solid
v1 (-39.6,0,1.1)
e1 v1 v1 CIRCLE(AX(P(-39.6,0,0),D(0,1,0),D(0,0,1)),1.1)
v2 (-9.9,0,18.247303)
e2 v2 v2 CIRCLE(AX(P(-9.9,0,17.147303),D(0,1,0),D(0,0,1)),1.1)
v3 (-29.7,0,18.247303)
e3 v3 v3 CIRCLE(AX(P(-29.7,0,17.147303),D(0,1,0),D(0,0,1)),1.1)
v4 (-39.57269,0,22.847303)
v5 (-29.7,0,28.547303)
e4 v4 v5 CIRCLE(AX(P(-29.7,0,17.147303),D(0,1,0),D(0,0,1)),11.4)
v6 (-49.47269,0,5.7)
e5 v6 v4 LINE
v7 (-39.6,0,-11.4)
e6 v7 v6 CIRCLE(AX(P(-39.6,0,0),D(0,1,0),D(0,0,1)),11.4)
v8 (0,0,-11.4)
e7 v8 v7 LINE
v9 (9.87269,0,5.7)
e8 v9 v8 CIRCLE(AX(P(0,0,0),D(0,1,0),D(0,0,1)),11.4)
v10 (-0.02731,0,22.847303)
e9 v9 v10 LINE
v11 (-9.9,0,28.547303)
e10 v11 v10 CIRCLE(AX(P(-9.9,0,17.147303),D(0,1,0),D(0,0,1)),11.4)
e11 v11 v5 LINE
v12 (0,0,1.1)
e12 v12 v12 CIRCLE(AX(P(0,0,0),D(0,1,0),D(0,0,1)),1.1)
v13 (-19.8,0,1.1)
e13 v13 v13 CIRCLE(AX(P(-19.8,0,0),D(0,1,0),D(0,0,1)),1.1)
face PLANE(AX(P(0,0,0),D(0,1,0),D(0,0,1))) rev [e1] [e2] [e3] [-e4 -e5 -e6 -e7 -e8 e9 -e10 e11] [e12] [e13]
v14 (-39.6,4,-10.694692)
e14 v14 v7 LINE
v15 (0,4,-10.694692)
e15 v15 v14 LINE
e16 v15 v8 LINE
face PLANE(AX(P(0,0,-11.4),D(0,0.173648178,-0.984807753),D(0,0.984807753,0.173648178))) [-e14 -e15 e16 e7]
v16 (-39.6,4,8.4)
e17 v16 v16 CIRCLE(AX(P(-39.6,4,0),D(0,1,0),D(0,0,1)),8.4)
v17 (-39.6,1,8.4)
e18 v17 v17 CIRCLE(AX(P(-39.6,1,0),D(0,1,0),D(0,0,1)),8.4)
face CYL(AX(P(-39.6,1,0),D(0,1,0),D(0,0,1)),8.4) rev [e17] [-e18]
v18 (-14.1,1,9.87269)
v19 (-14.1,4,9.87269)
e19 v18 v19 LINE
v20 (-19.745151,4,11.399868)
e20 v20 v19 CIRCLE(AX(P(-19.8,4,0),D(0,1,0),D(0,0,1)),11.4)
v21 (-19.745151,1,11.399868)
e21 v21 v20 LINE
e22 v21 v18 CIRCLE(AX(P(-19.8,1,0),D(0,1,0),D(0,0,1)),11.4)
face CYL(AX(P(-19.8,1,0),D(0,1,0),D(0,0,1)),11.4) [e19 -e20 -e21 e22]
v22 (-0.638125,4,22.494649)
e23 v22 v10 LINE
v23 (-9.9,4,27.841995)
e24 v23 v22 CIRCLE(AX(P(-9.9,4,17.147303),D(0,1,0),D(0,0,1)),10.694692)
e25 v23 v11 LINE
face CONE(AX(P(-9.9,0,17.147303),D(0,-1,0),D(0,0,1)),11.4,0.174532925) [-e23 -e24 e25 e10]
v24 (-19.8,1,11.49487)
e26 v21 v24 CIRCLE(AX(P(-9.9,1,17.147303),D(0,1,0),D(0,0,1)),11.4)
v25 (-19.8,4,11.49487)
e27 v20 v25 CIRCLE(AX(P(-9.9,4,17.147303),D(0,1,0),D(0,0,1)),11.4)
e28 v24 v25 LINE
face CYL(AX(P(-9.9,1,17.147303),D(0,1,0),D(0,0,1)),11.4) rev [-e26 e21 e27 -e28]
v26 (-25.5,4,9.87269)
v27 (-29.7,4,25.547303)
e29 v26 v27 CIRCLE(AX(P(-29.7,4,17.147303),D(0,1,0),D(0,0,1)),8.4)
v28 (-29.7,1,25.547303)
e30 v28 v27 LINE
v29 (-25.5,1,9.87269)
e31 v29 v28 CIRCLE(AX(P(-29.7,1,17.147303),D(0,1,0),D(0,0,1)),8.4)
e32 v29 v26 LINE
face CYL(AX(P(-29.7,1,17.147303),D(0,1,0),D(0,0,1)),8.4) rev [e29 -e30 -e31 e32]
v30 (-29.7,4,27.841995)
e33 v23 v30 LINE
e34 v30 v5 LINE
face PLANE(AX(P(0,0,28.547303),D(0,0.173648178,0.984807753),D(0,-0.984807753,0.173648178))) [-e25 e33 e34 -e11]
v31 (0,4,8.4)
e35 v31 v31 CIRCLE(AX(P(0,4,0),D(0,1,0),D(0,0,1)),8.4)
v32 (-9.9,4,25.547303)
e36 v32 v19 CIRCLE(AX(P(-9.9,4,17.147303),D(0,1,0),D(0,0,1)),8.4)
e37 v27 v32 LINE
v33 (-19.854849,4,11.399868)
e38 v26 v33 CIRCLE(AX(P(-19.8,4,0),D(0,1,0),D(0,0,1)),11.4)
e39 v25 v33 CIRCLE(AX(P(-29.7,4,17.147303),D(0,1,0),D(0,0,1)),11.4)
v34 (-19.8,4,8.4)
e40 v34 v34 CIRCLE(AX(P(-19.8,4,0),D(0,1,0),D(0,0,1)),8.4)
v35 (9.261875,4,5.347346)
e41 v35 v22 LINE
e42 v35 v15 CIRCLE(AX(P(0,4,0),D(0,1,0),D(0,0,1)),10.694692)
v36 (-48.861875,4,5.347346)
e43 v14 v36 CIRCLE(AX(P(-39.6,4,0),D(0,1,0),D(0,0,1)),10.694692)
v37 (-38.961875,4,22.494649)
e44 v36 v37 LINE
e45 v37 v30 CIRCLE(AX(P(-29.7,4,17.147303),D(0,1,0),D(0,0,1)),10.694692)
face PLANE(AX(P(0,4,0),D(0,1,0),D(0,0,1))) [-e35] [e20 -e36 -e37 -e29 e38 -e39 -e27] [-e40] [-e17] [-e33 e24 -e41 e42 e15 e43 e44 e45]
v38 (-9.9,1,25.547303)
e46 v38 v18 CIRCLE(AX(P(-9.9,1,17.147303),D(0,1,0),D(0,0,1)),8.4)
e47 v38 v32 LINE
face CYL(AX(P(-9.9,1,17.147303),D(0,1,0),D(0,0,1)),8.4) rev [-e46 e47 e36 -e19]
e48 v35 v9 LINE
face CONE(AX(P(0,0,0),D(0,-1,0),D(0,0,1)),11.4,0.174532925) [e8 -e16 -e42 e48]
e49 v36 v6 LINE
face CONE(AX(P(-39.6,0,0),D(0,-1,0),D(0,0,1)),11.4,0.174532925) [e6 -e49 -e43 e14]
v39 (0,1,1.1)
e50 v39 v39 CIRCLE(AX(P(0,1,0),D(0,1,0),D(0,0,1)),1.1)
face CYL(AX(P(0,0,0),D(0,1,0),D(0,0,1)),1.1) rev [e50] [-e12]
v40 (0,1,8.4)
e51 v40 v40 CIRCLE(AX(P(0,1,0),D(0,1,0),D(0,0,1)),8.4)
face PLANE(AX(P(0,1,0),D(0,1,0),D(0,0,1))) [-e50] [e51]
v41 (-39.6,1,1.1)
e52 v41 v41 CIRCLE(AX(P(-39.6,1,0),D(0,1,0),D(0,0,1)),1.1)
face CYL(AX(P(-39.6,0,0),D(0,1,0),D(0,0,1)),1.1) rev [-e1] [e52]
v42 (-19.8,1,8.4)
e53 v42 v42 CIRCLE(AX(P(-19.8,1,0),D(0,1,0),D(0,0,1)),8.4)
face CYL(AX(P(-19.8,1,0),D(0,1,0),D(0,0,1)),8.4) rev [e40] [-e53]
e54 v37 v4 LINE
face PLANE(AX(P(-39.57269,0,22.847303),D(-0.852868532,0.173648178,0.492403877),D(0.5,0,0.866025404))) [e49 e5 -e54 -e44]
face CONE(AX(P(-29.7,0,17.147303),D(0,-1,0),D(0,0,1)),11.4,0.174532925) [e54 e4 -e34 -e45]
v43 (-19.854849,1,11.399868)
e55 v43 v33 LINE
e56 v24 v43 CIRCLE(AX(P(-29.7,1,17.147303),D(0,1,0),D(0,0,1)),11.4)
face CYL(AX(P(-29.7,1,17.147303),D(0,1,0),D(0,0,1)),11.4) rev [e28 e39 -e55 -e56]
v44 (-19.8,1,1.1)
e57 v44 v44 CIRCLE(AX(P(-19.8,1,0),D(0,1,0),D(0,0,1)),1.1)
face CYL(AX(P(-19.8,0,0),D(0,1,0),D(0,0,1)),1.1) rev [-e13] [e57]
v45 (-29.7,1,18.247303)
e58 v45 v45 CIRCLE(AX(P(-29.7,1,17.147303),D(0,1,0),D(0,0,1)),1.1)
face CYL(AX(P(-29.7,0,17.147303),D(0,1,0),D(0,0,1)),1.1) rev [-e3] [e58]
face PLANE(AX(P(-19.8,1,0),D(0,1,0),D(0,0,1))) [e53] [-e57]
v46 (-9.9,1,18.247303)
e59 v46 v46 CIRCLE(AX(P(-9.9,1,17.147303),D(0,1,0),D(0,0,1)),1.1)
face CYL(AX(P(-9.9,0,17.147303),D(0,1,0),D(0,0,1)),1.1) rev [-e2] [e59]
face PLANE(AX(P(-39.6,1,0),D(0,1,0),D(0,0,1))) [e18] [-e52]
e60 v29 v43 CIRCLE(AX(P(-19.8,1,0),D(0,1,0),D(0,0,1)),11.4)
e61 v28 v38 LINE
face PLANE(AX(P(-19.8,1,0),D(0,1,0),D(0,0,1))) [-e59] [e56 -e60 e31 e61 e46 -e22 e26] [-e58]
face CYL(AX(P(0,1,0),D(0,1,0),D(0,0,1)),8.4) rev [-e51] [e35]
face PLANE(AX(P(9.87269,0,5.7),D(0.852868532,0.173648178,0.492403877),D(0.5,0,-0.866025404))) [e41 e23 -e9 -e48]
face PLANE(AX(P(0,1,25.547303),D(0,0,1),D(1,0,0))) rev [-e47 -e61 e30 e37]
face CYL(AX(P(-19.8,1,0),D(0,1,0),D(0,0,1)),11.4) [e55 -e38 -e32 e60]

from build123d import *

# Parameters (mm, degrees)
BOSS_EXTRUDE1_DEPTH = 4
BOSS_EXTRUDE1_TAPER = 10
CUT_EXTRUDE1_START  = 4
SKETCH1_3_R         = 1.1
CUT_EXTRUDE1_DEPTH  = 4
CUT_EXTRUDE2_START  = 4
SKETCH1_4_R         = 8.4
SKETCH1_4_R_2       = 1.1
CUT_EXTRUDE2_DEPTH  = 3


with BuildPart() as part:
    # Sketch1 → Boss-Extrude1 (new body)
    with BuildSketch(Plane(origin=(0, 0, 0), x_dir=(1, 0, 0), z_dir=(0, 1, 0))):
        with BuildLine():
            Line((-49.472689603, -5.7), (-39.572689603, -22.847302995))
            ThreePointArc((-39.572689603, -22.847302995), (-35.4, -27.019992598), (-29.7, -28.547302995))
            Line((-29.7, -28.547302995), (-9.9, -28.547302995))
            ThreePointArc((-9.9, -28.547302995), (-4.2, -27.019992598), (-0.027310397, -22.847302995))
            Line((-0.027310397, -22.847302995), (9.872689603, -5.7))
            ThreePointArc((9.872689603, -5.7), (9.872689603, 5.7), (0, 11.4))
            Line((0, 11.4), (-39.6, 11.4))
            ThreePointArc((-39.6, 11.4), (-49.472689603, 5.7), (-49.472689603, -5.7))
        make_face()
    extrude(amount=BOSS_EXTRUDE1_DEPTH, taper=BOSS_EXTRUDE1_TAPER)

    # Sketch1<3> → Cut-Extrude1 (cut)
    with BuildSketch(Plane(origin=(0, 0, 0), x_dir=(1, 0, 0), z_dir=(0, 1, 0)).offset(CUT_EXTRUDE1_START)):
        with Locations(Location((-9.9, -17.147302995, 0), (0, 0, 270))):
            Circle(SKETCH1_3_R)
        with Locations(Location((-19.8, 0, 0), (0, 0, 270))):
            Circle(SKETCH1_3_R)
        with Locations(Location((0, 0, 0), (0, 0, 270))):
            Circle(SKETCH1_3_R)
        with Locations(Location((-29.7, -17.147302995, 0), (0, 0, 270))):
            Circle(SKETCH1_3_R)
        with Locations(Location((-39.6, 0, 0), (0, 0, 270))):
            Circle(SKETCH1_3_R)
    extrude(amount=-CUT_EXTRUDE1_DEPTH, mode=Mode.SUBTRACT)

    # Sketch1<4> → Cut-Extrude2 (cut)
    # profile 1 of 4: a face of its own
    with BuildSketch(Plane(origin=(0, 0, 0), x_dir=(1, 0, 0), z_dir=(0, 1, 0)).offset(CUT_EXTRUDE2_START)):
        with Locations(Location((0, 0, 0), (0, 0, 270))):
            Circle(SKETCH1_4_R)
        with Locations(Location((0, 0, 0), (0, 0, 270))):
            Circle(SKETCH1_4_R_2, mode=Mode.SUBTRACT)
    # profile 2 of 4: a face of its own
    with BuildSketch(Plane(origin=(0, 0, 0), x_dir=(1, 0, 0), z_dir=(0, 1, 0)).offset(CUT_EXTRUDE2_START)):
        with BuildLine():
            Line((-29.7, -25.547302995), (-9.9, -25.547302995))
            ThreePointArc((-9.9, -25.547302995), (-1.786223222, -14.97322241), (-14.100001087, -9.872690231))
            ThreePointArc((-14.100001087, -9.872690231), (-16.822981756, -11.004424673), (-19.745150662, -11.39986805))
            ThreePointArc((-19.745150662, -11.39986805), (-19.772689603, -11.447302995), (-19.8, -11.494869891))
            ThreePointArc((-19.8, -11.494869891), (-19.827310397, -11.447302995), (-19.854849338, -11.39986805))
            ThreePointArc((-19.854849338, -11.39986805), (-22.777018876, -11.004424502), (-25.500000049, -9.872689575))
            ThreePointArc((-25.500000049, -9.872689575), (-37.813776948, -14.973223043), (-29.7, -25.547302995))
        make_face()
        with Locations(Location((-9.9, -17.147302995, 0), (0, 0, 270))):
            Circle(SKETCH1_4_R_2, mode=Mode.SUBTRACT)
        with Locations(Location((-29.7, -17.147302995, 0), (0, 0, 270))):
            Circle(SKETCH1_4_R_2, mode=Mode.SUBTRACT)
    # profile 3 of 4: a face of its own
    with BuildSketch(Plane(origin=(0, 0, 0), x_dir=(1, 0, 0), z_dir=(0, 1, 0)).offset(CUT_EXTRUDE2_START)):
        with Locations(Location((-19.8, 0, 0), (0, 0, 270))):
            Circle(SKETCH1_4_R)
        with Locations(Location((-19.8, 0, 0), (0, 0, 270))):
            Circle(SKETCH1_4_R_2, mode=Mode.SUBTRACT)
    # profile 4 of 4: a face of its own
    with BuildSketch(Plane(origin=(0, 0, 0), x_dir=(1, 0, 0), z_dir=(0, 1, 0)).offset(CUT_EXTRUDE2_START)):
        with Locations(Location((-39.6, 0, 0), (0, 0, 270))):
            Circle(SKETCH1_4_R)
        with Locations(Location((-39.6, 0, 0), (0, 0, 270))):
            Circle(SKETCH1_4_R_2, mode=Mode.SUBTRACT)
    extrude(amount=-CUT_EXTRUDE2_DEPTH, mode=Mode.SUBTRACT)


solid = part.part
